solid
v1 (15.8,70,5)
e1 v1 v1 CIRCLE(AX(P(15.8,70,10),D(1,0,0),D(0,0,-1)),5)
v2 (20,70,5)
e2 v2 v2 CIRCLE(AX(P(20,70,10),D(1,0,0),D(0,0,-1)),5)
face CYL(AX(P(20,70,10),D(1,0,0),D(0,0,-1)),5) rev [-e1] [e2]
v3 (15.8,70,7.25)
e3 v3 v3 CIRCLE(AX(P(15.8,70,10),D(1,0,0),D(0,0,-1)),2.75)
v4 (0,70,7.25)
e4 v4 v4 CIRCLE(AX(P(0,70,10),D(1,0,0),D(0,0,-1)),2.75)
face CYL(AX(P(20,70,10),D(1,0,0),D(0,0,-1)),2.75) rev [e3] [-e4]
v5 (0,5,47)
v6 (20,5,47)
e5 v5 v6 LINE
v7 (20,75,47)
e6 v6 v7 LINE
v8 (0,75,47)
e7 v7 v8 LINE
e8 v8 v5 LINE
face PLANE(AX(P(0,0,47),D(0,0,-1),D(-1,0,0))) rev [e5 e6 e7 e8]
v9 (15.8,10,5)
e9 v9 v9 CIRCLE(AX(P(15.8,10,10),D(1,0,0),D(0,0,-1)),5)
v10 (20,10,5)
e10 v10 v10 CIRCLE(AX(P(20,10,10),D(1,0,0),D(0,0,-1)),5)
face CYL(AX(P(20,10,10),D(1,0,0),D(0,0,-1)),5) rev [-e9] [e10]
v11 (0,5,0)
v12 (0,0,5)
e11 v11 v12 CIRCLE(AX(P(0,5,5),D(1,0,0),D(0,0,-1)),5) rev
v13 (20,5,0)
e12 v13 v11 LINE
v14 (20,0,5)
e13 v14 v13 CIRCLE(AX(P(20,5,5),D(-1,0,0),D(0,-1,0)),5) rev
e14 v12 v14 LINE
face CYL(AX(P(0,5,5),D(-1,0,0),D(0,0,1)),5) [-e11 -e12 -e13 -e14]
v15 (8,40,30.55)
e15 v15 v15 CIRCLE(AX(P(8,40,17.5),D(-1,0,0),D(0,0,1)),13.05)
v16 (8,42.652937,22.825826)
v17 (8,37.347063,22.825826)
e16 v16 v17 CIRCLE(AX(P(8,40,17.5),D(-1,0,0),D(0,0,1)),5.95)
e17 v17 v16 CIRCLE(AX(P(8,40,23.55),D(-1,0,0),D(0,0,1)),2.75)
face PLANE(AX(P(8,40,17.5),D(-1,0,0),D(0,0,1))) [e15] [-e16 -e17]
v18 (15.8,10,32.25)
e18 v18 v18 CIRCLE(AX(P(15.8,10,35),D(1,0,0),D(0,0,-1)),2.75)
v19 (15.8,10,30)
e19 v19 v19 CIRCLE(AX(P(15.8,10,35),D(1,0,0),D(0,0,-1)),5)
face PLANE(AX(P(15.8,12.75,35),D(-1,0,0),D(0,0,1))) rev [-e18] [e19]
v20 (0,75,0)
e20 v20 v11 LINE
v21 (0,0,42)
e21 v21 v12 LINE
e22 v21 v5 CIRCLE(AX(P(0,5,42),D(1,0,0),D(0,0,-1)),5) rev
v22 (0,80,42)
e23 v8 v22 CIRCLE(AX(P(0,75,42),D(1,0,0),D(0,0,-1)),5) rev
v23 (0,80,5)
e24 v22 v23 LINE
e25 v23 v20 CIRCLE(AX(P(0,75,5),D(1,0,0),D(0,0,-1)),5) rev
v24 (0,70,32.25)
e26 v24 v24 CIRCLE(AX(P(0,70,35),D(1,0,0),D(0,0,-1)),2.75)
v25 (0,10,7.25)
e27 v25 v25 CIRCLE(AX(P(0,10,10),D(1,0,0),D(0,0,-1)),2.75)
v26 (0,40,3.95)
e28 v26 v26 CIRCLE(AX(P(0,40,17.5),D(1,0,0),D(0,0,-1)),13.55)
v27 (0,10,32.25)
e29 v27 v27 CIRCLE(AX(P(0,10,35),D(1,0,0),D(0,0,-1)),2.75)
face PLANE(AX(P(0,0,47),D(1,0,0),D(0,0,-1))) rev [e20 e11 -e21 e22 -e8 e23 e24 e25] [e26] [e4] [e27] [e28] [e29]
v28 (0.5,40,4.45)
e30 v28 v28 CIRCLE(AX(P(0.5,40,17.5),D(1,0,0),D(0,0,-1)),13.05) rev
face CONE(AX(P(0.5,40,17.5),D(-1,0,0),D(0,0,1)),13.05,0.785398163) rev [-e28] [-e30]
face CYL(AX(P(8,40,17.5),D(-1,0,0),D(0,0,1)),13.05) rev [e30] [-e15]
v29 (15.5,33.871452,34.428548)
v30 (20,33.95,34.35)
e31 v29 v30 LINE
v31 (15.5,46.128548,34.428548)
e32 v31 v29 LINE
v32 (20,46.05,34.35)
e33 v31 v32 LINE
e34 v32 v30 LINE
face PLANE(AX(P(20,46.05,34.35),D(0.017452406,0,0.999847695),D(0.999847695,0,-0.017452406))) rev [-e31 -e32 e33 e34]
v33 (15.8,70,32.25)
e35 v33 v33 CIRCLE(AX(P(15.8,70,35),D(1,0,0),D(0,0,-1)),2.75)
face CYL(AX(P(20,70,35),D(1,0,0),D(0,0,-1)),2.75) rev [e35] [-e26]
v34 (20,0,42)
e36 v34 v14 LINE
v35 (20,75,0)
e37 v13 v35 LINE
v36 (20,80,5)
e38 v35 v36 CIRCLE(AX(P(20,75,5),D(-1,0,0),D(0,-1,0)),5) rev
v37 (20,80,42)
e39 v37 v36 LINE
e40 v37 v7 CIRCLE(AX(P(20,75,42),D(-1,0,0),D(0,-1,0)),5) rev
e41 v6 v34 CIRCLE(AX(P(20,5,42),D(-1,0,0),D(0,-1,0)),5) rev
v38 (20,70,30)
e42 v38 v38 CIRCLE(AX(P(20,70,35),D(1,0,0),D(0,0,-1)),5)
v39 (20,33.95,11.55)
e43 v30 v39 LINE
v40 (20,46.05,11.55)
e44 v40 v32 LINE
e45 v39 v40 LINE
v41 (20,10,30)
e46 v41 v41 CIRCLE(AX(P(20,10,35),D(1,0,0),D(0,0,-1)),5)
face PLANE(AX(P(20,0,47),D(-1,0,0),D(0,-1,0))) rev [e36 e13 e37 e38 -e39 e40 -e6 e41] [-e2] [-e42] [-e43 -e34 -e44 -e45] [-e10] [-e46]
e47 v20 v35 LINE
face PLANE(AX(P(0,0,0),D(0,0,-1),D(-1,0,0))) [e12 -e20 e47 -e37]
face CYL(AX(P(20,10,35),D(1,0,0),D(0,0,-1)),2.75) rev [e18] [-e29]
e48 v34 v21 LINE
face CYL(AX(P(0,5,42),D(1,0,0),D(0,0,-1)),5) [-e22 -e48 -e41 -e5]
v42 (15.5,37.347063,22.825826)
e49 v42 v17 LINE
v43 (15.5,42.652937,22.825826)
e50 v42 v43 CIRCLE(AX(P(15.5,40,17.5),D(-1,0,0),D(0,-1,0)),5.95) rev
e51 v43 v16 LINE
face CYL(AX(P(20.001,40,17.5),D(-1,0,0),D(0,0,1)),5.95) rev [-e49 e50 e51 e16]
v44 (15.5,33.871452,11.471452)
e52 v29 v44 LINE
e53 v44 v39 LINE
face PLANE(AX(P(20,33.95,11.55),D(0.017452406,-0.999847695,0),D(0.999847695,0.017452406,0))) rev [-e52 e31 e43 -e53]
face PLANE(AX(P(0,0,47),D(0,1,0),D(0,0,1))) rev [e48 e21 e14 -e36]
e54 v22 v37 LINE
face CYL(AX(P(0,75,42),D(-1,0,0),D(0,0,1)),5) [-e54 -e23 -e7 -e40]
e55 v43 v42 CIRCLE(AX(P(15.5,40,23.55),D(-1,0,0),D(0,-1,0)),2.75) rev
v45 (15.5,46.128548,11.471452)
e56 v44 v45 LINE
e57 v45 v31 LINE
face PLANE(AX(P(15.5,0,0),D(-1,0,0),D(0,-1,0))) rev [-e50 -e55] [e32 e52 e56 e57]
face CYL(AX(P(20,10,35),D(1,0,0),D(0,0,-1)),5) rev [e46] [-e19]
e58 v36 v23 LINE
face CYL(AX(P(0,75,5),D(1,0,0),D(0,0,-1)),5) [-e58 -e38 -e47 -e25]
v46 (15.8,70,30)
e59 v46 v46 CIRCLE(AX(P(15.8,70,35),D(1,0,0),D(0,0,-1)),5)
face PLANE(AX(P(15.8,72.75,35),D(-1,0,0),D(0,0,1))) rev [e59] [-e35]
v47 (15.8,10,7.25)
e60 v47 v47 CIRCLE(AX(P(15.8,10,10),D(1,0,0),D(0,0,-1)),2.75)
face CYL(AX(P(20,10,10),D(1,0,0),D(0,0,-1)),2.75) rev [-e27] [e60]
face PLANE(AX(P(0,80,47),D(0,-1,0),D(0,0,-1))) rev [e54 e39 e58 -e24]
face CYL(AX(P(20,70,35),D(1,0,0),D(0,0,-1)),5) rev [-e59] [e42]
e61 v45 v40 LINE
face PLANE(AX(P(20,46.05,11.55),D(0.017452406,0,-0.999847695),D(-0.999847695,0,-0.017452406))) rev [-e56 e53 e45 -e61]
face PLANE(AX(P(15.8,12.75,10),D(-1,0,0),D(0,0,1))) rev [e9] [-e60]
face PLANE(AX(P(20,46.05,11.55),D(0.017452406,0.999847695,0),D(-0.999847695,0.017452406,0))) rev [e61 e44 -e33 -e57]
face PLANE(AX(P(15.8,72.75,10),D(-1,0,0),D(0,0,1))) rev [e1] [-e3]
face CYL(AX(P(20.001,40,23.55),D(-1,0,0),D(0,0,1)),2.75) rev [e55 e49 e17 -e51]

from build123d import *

# Parameters (mm, degrees)
ESQUISSE1_W                                        = 20
ESQUISSE1_H                                        = 80
BOSS_EXTRU_1_DEPTH                                 = 47
ESQUISSE2_R                                        = 13.05
ENL_V_MAT_EXTRU_1_DEPTH                            = 8
ENL_V_MAT_EXTRU_2_REACH                            = 14
CHAMBRAGE_POUR_VIS_T_TE_HEXAGONALE_M52_D           = 5.5
CHAMBRAGE_POUR_VIS_T_TE_HEXAGONALE_M52_CBORE_D     = 10
CHAMBRAGE_POUR_VIS_T_TE_HEXAGONALE_M52_CBORE_DEPTH = 4.2
CONG_1_R                                           = 5
ESQUISSE8_W                                        = 22.8
ESQUISSE8_H                                        = 12.1
ENL_V_MAT_EXTRU_4_DEPTH                            = 4.5
ENL_V_MAT_EXTRU_4_TAPER                            = -1
CHANFREIN1_SIZE                                    = 0.5


with BuildPart() as part:
    # Esquisse1 → Boss.-Extru.1 (new body)
    with BuildSketch(Plane.XY):
        with Locations((10, 40)):
            Rectangle(ESQUISSE1_W, ESQUISSE1_H)
    extrude(amount=BOSS_EXTRU_1_DEPTH)

    # Esquisse2 → Enlèv. mat.-Extru.1 (cut)
    with BuildSketch(Plane.ZY):
        with Locations((17.5, 40)):
            Circle(ESQUISSE2_R)
    extrude(amount=-ENL_V_MAT_EXTRU_1_DEPTH, mode=Mode.SUBTRACT)

    # Esquisse3 → Enlèv. mat.-Extru.2 (cut, up to next)
    with BuildSketch(Plane.ZY.offset(-8), mode=Mode.PRIVATE) as enl_v_mat_extru_2_sk1:
        with BuildLine():
            ThreePointArc((22.825826446, 42.652936611), (11.55, 40), (22.825826446, 37.347063389))
            ThreePointArc((22.825826446, 37.347063389), (26.3, 40), (22.825826446, 42.652936611))
        make_face()
    enl_v_mat_extru_2_tool1 = extrude(enl_v_mat_extru_2_sk1.sketch, amount=-ENL_V_MAT_EXTRU_2_REACH, mode=Mode.PRIVATE) & part.part
    add(enl_v_mat_extru_2_tool1.solids().sort_by_distance((8, 40, 18.266678))[0], mode=Mode.SUBTRACT)

    # Chambrage pour vis à tête hexagonale M52 (through all)
    with Locations(Plane(origin=(20, 0, 0), x_dir=(0, 0, -1), z_dir=(1, 0, 0))):
        with Locations((-10, 70), (-35, 70), (-35, 10), (-10, 10)):
            CounterBoreHole(CHAMBRAGE_POUR_VIS_T_TE_HEXAGONALE_M52_D / 2, CHAMBRAGE_POUR_VIS_T_TE_HEXAGONALE_M52_CBORE_D / 2, CHAMBRAGE_POUR_VIS_T_TE_HEXAGONALE_M52_CBORE_DEPTH)

    # Congé1
    cong_1_edges = [part.edges().sort_by_distance(p)[0] for p in [
        (10, 80, 47),
        (10, 80, 0),
        (10, 0, 0),
        (10, 0, 47),
    ]]
    fillet(cong_1_edges, radius=CONG_1_R)

    # Esquisse8 → Enlèv. mat.-Extru.4 (cut)
    with BuildSketch(Plane(origin=(20, 0, 0), x_dir=(0, 0, -1), z_dir=(1, 0, 0))):
        with Locations((-22.95, 40)):
            Rectangle(ESQUISSE8_W, ESQUISSE8_H)
    extrude(amount=-ENL_V_MAT_EXTRU_4_DEPTH, taper=ENL_V_MAT_EXTRU_4_TAPER, mode=Mode.SUBTRACT)

    # Chanfrein1
    chanfrein1_edges = [part.edges().sort_by_distance(p)[0] for p in [
        (0, 40, 4.45),
    ]]
    chamfer(chanfrein1_edges, length=CHANFREIN1_SIZE)


solid = part.part
